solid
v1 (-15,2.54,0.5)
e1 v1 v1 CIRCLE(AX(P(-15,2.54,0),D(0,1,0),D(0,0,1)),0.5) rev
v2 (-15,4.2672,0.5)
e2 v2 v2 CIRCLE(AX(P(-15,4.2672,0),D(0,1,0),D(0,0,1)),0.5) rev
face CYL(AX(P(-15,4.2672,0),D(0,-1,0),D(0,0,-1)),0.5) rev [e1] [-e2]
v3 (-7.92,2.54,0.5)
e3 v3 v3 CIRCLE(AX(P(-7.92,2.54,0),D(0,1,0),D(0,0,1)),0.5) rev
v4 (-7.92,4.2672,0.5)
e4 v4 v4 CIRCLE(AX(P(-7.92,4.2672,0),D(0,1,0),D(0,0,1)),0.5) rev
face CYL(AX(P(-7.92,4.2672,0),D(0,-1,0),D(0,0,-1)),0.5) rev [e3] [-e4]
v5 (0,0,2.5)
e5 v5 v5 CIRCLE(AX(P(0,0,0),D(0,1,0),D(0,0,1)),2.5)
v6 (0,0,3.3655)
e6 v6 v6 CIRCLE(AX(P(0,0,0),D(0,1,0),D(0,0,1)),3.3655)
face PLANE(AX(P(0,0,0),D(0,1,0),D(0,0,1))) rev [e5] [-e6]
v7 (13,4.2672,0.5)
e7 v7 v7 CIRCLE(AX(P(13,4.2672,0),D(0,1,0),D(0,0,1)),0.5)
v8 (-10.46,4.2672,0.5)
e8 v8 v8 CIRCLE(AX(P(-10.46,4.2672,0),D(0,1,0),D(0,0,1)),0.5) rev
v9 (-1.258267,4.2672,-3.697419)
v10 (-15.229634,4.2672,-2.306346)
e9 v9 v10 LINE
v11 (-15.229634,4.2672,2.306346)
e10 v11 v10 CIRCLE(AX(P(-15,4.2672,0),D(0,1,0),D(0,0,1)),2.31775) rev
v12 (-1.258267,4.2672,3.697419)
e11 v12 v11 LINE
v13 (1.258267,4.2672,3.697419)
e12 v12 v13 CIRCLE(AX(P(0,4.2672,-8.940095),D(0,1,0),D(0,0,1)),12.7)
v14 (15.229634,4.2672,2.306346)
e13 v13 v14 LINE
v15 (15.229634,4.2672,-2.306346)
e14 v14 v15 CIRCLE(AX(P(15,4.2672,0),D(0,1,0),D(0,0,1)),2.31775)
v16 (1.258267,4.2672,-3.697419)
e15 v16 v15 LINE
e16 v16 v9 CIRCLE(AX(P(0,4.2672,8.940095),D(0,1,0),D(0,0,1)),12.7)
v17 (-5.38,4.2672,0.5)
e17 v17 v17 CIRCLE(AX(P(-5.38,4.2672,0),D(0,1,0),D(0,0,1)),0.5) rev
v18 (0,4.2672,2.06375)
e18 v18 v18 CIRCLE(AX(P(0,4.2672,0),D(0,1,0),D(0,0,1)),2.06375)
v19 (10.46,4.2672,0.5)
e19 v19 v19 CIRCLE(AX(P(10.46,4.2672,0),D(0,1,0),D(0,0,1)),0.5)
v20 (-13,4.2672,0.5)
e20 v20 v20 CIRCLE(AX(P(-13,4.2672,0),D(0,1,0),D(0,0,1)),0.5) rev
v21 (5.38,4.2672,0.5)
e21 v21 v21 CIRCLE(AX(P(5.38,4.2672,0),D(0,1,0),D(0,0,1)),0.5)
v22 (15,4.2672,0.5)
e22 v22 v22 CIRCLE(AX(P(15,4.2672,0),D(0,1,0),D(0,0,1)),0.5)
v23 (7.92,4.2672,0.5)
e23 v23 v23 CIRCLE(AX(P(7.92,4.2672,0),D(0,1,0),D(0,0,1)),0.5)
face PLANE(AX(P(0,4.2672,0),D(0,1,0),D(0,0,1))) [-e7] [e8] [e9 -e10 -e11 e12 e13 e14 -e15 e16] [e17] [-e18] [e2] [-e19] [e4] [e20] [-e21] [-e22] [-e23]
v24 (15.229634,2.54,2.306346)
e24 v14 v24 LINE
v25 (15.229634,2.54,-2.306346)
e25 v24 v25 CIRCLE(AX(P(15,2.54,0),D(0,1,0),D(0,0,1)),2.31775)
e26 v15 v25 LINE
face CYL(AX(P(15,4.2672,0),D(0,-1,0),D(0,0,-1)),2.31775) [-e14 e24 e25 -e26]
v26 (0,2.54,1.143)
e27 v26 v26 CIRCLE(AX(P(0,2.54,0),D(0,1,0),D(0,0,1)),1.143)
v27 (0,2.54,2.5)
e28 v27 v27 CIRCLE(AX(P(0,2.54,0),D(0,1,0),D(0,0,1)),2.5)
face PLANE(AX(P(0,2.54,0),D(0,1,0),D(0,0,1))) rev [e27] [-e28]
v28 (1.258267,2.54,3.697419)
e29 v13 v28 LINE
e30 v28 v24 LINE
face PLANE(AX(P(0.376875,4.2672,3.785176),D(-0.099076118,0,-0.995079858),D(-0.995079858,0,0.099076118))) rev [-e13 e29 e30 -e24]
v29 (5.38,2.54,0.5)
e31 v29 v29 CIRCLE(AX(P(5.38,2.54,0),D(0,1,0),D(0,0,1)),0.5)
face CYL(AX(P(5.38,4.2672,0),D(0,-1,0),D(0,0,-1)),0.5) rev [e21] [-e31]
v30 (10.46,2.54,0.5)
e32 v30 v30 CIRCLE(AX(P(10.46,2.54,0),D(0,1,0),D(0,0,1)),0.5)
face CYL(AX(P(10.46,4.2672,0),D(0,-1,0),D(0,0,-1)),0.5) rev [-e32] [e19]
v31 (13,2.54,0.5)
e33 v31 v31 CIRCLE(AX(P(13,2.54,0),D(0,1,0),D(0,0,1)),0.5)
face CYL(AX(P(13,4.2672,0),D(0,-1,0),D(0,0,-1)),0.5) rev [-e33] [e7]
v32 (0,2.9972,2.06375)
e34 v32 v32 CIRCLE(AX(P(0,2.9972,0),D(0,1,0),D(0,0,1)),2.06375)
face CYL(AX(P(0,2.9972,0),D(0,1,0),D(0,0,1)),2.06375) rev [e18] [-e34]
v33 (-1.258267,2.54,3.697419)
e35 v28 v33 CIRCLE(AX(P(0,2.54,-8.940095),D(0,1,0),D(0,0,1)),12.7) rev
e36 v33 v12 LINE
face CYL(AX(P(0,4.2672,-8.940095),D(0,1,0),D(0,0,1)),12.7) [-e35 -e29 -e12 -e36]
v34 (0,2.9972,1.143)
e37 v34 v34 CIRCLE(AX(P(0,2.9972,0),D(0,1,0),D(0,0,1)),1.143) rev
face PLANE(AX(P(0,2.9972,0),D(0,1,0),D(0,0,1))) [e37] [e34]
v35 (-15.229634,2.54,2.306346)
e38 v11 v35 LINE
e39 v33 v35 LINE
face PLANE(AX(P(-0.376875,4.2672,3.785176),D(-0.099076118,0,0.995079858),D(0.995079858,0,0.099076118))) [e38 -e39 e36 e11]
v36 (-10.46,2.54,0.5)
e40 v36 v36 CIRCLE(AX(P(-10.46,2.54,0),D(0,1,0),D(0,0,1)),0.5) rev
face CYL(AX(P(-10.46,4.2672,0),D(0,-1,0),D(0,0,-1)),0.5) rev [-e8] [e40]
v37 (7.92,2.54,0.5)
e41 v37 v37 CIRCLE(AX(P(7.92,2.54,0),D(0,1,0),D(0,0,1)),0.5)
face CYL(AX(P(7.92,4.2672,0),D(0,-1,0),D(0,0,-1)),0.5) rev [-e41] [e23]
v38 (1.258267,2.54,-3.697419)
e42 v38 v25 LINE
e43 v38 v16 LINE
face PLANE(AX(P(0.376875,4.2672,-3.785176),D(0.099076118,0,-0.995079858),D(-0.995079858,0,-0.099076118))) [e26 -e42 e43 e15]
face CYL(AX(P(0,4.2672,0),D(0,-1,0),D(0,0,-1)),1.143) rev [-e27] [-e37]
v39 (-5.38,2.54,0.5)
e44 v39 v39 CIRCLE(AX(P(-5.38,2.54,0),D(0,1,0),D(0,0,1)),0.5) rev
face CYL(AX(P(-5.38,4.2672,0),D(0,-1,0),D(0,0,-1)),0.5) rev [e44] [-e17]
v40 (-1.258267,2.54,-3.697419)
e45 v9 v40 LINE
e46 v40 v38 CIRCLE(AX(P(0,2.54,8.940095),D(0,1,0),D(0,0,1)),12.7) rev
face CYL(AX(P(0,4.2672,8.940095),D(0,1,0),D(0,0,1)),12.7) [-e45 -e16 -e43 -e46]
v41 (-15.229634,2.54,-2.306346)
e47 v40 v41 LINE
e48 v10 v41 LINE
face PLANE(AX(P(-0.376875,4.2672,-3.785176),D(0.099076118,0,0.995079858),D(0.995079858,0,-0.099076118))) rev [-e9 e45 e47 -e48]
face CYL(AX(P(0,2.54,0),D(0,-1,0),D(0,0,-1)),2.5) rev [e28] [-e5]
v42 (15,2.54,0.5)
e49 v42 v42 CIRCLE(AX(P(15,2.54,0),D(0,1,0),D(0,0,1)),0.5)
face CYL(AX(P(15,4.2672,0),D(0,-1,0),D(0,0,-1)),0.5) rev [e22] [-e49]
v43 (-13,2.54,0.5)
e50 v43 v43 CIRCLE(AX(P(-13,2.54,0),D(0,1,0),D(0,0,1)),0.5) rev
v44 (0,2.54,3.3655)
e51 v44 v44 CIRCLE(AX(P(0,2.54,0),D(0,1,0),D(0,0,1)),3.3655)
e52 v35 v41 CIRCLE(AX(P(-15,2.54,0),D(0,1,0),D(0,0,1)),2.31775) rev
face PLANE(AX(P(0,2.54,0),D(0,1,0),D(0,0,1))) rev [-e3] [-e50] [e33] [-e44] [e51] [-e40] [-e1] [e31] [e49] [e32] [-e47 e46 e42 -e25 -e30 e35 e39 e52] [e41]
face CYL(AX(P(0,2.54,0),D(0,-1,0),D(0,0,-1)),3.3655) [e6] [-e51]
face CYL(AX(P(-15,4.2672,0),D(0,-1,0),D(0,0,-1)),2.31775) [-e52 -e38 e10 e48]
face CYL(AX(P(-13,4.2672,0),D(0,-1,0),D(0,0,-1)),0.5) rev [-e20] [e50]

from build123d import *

# Parameters (mm, degrees)
SKETCH1_R           = 3.3655
SKETCH1_R_2         = 2.5
BOSS_EXTRUDE1_DEPTH = 2.54
SKETCH2_R           = 0.5
SKETCH2_R_2         = 1.143
BOSS_EXTRUDE2_DEPTH = 1.7272
FILLET1_R           = 12.7
CUT_EXTRUDE1_START  = -1.27
SKETCH3_R           = 2.06375
SKETCH3_R_2         = 1.143
CUT_EXTRUDE1_DEPTH  = 1.27


with BuildPart() as part:
    # Sketch1 → Boss-Extrude1 (new body)
    with BuildSketch(Plane(origin=(0, 0, 0), x_dir=(1, 0, 0), z_dir=(0, 1, 0))):
        with Locations(Location((0, 0, 0), (0, 0, 270))):
            Circle(SKETCH1_R)
        with Locations(Location((0, 0, 0), (0, 0, 270))):
            Circle(SKETCH1_R_2, mode=Mode.SUBTRACT)
    extrude(amount=BOSS_EXTRUDE1_DEPTH)

    # Sketch2 → Boss-Extrude2 (add)
    with BuildSketch(Plane(origin=(0, 2.54, 0), x_dir=(1, 0, 0), z_dir=(0, 1, 0))):
        with BuildLine():
            Line((0, 3.8227), (15.229633673, 2.30634634))
            ThreePointArc((15.229633673, 2.30634634), (17.31775, 0), (15.229633673, -2.30634634))
            Line((15.229633673, -2.30634634), (0, -3.8227))
            Line((0, -3.8227), (-15.229633673, -2.30634634))
            ThreePointArc((-15.229633673, -2.30634634), (-17.31775, 0), (-15.229633673, 2.30634634))
            Line((-15.229633673, 2.30634634), (0, 3.8227))
        make_face()
        with Locations(Location((-10.46, 0, 0), (0, 0, 270))):
            Circle(SKETCH2_R, mode=Mode.SUBTRACT)
        with Locations(Location((-7.92, 0, 0), (0, 0, 270))):
            Circle(SKETCH2_R, mode=Mode.SUBTRACT)
        with Locations(Location((-5.38, 0, 0), (0, 0, 270))):
            Circle(SKETCH2_R, mode=Mode.SUBTRACT)
        with Locations(Location((15, 0, 0), (0, 0, 270))):
            Circle(SKETCH2_R, mode=Mode.SUBTRACT)
        with Locations(Location((5.38, 0, 0), (0, 0, 270))):
            Circle(SKETCH2_R, mode=Mode.SUBTRACT)
        with Locations(Location((7.92, 0, 0), (0, 0, 270))):
            Circle(SKETCH2_R, mode=Mode.SUBTRACT)
        with Locations(Location((-13, 0, 0), (0, 0, 270))):
            Circle(SKETCH2_R, mode=Mode.SUBTRACT)
        with Locations(Location((-15, 0, 0), (0, 0, 270))):
            Circle(SKETCH2_R, mode=Mode.SUBTRACT)
        with Locations(Location((0, 0, 0), (0, 0, 270))):
            Circle(SKETCH2_R_2, mode=Mode.SUBTRACT)
        with Locations(Location((10.46, 0, 0), (0, 0, 270))):
            Circle(SKETCH2_R, mode=Mode.SUBTRACT)
        with Locations(Location((13, 0, 0), (0, 0, 270))):
            Circle(SKETCH2_R, mode=Mode.SUBTRACT)
    extrude(amount=BOSS_EXTRUDE2_DEPTH)

    # Fillet1
    fillet1_edges = [part.edges().sort_by_distance(p)[0] for p in [
        (0, 3.4036, 3.8227),
        (0, 3.4036, -3.8227),
    ]]
    fillet(fillet1_edges, radius=FILLET1_R)

    # Sketch3 → Cut-Extrude1 (cut)
    with BuildSketch(Plane(origin=(0, 4.2672, 0), x_dir=(1, 0, 0), z_dir=(0, 1, 0)).offset(CUT_EXTRUDE1_START)):
        with Locations(Location((0, 0, 0), (0, 0, 270))):
            Circle(SKETCH3_R)
        with Locations(Location((0, 0, 0), (0, 0, 270))):
            Circle(SKETCH3_R_2, mode=Mode.SUBTRACT)
    extrude(amount=CUT_EXTRUDE1_DEPTH, mode=Mode.SUBTRACT)


solid = part.part
